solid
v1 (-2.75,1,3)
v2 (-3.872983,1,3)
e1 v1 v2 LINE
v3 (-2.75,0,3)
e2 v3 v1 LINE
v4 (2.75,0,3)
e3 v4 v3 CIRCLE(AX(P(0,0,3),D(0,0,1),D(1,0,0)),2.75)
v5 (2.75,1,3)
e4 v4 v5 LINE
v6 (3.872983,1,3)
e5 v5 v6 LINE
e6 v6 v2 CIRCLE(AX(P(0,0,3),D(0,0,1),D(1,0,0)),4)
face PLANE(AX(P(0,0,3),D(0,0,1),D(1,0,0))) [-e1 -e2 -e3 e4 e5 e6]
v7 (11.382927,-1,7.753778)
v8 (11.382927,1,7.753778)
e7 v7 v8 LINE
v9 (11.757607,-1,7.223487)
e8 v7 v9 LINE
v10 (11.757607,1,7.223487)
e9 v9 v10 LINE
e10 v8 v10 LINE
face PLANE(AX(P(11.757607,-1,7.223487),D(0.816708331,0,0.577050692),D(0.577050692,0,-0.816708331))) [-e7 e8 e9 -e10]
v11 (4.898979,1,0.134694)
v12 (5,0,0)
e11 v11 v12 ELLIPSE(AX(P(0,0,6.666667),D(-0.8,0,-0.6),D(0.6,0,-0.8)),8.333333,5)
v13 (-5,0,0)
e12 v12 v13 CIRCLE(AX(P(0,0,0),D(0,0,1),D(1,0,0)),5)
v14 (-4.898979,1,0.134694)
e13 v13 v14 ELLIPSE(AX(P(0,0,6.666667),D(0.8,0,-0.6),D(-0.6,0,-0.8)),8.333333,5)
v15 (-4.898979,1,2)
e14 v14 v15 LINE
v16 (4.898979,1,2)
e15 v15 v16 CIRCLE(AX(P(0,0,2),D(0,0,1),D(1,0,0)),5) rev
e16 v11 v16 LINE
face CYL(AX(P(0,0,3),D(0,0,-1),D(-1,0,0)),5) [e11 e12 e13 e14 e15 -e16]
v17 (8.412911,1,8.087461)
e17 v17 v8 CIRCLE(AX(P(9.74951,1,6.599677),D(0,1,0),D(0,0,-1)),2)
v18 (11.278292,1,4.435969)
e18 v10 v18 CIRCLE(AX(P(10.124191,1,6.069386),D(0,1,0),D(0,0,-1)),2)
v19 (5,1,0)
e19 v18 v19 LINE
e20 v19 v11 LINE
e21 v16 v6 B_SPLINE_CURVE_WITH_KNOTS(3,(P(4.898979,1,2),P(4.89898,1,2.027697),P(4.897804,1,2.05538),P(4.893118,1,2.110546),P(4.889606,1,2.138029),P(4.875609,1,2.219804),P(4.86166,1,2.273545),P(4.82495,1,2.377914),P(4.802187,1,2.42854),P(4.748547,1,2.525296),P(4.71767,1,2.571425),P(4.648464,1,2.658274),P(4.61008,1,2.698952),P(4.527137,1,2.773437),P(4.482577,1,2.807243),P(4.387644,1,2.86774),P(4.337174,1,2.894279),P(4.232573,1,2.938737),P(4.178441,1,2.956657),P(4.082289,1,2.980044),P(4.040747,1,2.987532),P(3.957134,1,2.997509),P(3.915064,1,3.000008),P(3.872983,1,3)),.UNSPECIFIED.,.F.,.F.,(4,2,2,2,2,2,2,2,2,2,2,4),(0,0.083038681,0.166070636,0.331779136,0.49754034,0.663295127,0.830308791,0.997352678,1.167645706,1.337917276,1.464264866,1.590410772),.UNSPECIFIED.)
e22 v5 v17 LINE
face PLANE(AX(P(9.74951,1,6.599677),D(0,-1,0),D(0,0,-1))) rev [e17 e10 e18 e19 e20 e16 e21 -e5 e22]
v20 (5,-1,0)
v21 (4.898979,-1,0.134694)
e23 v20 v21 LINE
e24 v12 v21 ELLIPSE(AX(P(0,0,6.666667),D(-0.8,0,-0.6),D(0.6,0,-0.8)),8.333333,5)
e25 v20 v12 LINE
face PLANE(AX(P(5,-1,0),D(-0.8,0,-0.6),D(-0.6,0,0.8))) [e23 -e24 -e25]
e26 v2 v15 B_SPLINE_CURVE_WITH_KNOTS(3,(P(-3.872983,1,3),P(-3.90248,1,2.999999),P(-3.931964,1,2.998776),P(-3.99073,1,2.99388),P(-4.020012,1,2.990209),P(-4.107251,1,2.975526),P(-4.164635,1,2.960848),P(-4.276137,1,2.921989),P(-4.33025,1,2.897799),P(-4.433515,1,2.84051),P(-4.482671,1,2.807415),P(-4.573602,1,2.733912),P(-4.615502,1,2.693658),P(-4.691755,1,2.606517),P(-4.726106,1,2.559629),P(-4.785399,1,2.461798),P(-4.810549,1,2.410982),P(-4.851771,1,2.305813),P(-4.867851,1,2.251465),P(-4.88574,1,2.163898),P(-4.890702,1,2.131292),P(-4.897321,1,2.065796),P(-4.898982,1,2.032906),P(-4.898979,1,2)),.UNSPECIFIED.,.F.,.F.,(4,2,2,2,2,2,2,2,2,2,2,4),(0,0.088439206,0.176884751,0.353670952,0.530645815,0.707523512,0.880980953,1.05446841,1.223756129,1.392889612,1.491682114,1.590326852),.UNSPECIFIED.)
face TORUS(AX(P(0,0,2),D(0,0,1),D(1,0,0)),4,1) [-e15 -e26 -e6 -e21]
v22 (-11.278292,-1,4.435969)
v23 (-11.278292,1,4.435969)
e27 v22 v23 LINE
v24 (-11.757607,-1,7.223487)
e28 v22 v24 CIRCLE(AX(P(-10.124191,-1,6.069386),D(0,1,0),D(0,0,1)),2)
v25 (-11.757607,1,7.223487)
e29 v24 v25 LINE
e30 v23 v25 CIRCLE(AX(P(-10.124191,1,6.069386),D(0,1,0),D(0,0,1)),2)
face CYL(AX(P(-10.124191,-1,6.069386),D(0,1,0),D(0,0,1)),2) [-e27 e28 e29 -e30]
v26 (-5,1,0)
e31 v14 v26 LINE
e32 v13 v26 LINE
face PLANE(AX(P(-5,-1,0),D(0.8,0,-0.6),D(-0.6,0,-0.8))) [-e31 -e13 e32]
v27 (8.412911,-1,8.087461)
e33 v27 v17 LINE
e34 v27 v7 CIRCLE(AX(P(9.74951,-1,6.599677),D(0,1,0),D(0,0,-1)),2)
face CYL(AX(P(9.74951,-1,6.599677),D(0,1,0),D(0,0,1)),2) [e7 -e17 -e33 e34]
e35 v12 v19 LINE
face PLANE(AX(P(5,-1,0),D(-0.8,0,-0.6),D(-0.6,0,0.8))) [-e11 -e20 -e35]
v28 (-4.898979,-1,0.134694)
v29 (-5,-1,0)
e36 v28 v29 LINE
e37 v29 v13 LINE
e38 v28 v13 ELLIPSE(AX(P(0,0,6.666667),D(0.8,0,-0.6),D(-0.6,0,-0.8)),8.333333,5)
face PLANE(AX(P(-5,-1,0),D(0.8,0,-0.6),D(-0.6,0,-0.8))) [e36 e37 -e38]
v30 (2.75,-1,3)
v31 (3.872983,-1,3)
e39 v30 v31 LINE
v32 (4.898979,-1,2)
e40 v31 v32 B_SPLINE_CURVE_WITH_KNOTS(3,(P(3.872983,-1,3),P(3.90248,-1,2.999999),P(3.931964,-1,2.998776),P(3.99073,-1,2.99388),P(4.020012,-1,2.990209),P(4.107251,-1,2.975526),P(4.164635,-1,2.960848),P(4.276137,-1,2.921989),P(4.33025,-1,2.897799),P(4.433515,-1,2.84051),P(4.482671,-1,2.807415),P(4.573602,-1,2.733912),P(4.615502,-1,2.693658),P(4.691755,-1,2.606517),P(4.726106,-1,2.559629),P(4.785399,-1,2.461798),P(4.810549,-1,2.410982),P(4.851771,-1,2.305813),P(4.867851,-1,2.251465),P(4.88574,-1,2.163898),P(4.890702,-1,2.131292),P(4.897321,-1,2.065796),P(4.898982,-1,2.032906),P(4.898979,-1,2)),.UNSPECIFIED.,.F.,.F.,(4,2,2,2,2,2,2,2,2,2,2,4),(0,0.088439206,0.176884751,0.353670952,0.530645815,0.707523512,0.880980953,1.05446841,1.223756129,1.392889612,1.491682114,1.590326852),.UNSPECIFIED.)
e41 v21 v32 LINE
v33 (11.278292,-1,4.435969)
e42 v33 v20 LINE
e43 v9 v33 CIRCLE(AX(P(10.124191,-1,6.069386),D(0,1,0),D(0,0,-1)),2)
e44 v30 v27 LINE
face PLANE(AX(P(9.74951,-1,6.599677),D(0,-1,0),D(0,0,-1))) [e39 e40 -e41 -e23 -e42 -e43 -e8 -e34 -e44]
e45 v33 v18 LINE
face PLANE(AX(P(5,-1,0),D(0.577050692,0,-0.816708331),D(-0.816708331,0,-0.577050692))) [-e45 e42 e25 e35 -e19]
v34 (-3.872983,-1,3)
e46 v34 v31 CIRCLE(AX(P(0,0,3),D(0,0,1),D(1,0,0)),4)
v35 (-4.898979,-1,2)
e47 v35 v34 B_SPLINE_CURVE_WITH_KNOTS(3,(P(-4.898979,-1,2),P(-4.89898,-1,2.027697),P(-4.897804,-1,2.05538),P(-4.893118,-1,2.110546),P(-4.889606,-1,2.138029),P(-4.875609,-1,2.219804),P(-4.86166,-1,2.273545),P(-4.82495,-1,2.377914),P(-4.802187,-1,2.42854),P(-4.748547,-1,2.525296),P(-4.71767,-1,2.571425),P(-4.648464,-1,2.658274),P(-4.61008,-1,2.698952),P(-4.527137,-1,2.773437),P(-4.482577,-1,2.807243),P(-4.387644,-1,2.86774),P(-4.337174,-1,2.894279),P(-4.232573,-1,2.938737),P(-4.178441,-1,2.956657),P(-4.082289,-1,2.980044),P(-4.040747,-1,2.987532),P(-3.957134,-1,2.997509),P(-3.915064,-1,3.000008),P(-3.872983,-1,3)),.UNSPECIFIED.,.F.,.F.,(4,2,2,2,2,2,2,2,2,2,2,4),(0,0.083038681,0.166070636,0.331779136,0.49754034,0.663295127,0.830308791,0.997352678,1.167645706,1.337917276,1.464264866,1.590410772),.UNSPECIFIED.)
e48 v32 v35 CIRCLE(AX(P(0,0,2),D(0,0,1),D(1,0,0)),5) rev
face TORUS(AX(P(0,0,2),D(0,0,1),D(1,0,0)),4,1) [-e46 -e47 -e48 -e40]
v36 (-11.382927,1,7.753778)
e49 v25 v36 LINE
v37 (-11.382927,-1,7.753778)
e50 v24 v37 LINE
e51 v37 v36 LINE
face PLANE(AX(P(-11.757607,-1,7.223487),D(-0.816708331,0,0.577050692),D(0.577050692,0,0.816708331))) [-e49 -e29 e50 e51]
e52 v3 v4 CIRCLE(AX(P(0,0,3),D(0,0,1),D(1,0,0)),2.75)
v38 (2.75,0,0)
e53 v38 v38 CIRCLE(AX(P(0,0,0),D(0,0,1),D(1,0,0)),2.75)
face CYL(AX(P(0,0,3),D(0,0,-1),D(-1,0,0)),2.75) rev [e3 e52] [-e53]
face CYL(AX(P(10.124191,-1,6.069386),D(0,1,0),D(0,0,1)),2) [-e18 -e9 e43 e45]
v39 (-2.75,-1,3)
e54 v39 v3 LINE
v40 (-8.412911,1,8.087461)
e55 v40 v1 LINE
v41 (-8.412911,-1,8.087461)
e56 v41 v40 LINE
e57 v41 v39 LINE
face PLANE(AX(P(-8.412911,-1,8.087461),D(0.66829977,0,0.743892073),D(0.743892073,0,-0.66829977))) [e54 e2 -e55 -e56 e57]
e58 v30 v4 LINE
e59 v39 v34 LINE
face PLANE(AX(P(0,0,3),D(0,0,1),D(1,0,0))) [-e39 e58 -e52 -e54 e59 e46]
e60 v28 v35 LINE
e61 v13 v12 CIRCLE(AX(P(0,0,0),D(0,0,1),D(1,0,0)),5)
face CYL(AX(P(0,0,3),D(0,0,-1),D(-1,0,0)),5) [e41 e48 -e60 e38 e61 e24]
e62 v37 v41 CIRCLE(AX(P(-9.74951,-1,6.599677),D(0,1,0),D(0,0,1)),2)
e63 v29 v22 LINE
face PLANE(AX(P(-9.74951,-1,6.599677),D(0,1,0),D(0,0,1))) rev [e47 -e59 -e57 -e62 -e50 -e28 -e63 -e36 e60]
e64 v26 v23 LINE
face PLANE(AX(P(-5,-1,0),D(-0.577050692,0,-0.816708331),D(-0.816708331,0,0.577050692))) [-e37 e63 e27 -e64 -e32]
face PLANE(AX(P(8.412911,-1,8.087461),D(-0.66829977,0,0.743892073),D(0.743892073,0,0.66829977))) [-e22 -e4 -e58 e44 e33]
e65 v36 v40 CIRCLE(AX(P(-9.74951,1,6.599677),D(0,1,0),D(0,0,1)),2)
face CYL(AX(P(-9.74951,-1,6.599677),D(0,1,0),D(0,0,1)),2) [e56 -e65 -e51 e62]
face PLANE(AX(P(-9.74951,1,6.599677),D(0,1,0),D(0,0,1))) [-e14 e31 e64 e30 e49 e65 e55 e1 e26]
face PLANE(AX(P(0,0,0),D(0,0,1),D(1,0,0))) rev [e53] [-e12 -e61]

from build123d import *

# Parameters (mm, degrees)
ESQUISSE1_R             = 5
ESQUISSE1_R_2           = 2.75
BOSS_EXTRU_1_DEPTH      = 3
BOSS_EXTRU_2_DEPTH      = 1
BOSS_EXTRU_2_DEPTH_BACK = 1
CONG_1_R                = 1


with BuildPart() as part:
    # Esquisse1 → Boss.-Extru.1 (new body)
    with BuildSketch(Plane.XY):
        Circle(ESQUISSE1_R)
        Circle(ESQUISSE1_R_2, mode=Mode.SUBTRACT)
    extrude(amount=BOSS_EXTRU_1_DEPTH)

    # Esquisse2 → Boss.-Extru.2 (add, two sides: drawn at the far end of the back side and taken through both)
    with BuildSketch(Plane(origin=(0, 0, 0), x_dir=(1, 0, 0), z_dir=(0, 1, 0)).offset(-BOSS_EXTRU_2_DEPTH_BACK)):
        with BuildLine():
            Line((-5, 0), (-11.278292154, -4.43596899))
            ThreePointArc((-11.278292154, -4.43596899), (-12.095263684, -5.73045857), (-11.757607433, -7.223487038))
            Line((-11.757607433, -7.223487038), (-11.382926754, -7.753778113))
            ThreePointArc((-11.382926754, -7.753778113), (-9.972806189, -8.587172352), (-8.41291055, -8.087460876))
            Line((-8.41291055, -8.087460876), (-2.75, -3))
            Line((-2.75, -3), (-5, 0))
        make_face()
        with BuildLine():
            Line((8.41291055, -8.087460876), (2.75, -3))
            Line((2.75, -3), (5, 0))
            Line((5, 0), (11.278292154, -4.43596899))
            ThreePointArc((11.278292154, -4.43596899), (12.095263684, -5.73045857), (11.757607433, -7.223487038))
            Line((11.757607433, -7.223487038), (11.382926754, -7.753778113))
            ThreePointArc((11.382926754, -7.753778113), (9.972806189, -8.587172352), (8.41291055, -8.087460876))
        make_face()
    extrude(amount=BOSS_EXTRU_2_DEPTH + BOSS_EXTRU_2_DEPTH_BACK)

    # Congé1
    cong_1_edges = [part.edges().sort_by_distance(p)[0] for p in [
        (0, 5, 3),
        (0, -5, 3),
    ]]
    fillet(cong_1_edges, radius=CONG_1_R)


solid = part.part
